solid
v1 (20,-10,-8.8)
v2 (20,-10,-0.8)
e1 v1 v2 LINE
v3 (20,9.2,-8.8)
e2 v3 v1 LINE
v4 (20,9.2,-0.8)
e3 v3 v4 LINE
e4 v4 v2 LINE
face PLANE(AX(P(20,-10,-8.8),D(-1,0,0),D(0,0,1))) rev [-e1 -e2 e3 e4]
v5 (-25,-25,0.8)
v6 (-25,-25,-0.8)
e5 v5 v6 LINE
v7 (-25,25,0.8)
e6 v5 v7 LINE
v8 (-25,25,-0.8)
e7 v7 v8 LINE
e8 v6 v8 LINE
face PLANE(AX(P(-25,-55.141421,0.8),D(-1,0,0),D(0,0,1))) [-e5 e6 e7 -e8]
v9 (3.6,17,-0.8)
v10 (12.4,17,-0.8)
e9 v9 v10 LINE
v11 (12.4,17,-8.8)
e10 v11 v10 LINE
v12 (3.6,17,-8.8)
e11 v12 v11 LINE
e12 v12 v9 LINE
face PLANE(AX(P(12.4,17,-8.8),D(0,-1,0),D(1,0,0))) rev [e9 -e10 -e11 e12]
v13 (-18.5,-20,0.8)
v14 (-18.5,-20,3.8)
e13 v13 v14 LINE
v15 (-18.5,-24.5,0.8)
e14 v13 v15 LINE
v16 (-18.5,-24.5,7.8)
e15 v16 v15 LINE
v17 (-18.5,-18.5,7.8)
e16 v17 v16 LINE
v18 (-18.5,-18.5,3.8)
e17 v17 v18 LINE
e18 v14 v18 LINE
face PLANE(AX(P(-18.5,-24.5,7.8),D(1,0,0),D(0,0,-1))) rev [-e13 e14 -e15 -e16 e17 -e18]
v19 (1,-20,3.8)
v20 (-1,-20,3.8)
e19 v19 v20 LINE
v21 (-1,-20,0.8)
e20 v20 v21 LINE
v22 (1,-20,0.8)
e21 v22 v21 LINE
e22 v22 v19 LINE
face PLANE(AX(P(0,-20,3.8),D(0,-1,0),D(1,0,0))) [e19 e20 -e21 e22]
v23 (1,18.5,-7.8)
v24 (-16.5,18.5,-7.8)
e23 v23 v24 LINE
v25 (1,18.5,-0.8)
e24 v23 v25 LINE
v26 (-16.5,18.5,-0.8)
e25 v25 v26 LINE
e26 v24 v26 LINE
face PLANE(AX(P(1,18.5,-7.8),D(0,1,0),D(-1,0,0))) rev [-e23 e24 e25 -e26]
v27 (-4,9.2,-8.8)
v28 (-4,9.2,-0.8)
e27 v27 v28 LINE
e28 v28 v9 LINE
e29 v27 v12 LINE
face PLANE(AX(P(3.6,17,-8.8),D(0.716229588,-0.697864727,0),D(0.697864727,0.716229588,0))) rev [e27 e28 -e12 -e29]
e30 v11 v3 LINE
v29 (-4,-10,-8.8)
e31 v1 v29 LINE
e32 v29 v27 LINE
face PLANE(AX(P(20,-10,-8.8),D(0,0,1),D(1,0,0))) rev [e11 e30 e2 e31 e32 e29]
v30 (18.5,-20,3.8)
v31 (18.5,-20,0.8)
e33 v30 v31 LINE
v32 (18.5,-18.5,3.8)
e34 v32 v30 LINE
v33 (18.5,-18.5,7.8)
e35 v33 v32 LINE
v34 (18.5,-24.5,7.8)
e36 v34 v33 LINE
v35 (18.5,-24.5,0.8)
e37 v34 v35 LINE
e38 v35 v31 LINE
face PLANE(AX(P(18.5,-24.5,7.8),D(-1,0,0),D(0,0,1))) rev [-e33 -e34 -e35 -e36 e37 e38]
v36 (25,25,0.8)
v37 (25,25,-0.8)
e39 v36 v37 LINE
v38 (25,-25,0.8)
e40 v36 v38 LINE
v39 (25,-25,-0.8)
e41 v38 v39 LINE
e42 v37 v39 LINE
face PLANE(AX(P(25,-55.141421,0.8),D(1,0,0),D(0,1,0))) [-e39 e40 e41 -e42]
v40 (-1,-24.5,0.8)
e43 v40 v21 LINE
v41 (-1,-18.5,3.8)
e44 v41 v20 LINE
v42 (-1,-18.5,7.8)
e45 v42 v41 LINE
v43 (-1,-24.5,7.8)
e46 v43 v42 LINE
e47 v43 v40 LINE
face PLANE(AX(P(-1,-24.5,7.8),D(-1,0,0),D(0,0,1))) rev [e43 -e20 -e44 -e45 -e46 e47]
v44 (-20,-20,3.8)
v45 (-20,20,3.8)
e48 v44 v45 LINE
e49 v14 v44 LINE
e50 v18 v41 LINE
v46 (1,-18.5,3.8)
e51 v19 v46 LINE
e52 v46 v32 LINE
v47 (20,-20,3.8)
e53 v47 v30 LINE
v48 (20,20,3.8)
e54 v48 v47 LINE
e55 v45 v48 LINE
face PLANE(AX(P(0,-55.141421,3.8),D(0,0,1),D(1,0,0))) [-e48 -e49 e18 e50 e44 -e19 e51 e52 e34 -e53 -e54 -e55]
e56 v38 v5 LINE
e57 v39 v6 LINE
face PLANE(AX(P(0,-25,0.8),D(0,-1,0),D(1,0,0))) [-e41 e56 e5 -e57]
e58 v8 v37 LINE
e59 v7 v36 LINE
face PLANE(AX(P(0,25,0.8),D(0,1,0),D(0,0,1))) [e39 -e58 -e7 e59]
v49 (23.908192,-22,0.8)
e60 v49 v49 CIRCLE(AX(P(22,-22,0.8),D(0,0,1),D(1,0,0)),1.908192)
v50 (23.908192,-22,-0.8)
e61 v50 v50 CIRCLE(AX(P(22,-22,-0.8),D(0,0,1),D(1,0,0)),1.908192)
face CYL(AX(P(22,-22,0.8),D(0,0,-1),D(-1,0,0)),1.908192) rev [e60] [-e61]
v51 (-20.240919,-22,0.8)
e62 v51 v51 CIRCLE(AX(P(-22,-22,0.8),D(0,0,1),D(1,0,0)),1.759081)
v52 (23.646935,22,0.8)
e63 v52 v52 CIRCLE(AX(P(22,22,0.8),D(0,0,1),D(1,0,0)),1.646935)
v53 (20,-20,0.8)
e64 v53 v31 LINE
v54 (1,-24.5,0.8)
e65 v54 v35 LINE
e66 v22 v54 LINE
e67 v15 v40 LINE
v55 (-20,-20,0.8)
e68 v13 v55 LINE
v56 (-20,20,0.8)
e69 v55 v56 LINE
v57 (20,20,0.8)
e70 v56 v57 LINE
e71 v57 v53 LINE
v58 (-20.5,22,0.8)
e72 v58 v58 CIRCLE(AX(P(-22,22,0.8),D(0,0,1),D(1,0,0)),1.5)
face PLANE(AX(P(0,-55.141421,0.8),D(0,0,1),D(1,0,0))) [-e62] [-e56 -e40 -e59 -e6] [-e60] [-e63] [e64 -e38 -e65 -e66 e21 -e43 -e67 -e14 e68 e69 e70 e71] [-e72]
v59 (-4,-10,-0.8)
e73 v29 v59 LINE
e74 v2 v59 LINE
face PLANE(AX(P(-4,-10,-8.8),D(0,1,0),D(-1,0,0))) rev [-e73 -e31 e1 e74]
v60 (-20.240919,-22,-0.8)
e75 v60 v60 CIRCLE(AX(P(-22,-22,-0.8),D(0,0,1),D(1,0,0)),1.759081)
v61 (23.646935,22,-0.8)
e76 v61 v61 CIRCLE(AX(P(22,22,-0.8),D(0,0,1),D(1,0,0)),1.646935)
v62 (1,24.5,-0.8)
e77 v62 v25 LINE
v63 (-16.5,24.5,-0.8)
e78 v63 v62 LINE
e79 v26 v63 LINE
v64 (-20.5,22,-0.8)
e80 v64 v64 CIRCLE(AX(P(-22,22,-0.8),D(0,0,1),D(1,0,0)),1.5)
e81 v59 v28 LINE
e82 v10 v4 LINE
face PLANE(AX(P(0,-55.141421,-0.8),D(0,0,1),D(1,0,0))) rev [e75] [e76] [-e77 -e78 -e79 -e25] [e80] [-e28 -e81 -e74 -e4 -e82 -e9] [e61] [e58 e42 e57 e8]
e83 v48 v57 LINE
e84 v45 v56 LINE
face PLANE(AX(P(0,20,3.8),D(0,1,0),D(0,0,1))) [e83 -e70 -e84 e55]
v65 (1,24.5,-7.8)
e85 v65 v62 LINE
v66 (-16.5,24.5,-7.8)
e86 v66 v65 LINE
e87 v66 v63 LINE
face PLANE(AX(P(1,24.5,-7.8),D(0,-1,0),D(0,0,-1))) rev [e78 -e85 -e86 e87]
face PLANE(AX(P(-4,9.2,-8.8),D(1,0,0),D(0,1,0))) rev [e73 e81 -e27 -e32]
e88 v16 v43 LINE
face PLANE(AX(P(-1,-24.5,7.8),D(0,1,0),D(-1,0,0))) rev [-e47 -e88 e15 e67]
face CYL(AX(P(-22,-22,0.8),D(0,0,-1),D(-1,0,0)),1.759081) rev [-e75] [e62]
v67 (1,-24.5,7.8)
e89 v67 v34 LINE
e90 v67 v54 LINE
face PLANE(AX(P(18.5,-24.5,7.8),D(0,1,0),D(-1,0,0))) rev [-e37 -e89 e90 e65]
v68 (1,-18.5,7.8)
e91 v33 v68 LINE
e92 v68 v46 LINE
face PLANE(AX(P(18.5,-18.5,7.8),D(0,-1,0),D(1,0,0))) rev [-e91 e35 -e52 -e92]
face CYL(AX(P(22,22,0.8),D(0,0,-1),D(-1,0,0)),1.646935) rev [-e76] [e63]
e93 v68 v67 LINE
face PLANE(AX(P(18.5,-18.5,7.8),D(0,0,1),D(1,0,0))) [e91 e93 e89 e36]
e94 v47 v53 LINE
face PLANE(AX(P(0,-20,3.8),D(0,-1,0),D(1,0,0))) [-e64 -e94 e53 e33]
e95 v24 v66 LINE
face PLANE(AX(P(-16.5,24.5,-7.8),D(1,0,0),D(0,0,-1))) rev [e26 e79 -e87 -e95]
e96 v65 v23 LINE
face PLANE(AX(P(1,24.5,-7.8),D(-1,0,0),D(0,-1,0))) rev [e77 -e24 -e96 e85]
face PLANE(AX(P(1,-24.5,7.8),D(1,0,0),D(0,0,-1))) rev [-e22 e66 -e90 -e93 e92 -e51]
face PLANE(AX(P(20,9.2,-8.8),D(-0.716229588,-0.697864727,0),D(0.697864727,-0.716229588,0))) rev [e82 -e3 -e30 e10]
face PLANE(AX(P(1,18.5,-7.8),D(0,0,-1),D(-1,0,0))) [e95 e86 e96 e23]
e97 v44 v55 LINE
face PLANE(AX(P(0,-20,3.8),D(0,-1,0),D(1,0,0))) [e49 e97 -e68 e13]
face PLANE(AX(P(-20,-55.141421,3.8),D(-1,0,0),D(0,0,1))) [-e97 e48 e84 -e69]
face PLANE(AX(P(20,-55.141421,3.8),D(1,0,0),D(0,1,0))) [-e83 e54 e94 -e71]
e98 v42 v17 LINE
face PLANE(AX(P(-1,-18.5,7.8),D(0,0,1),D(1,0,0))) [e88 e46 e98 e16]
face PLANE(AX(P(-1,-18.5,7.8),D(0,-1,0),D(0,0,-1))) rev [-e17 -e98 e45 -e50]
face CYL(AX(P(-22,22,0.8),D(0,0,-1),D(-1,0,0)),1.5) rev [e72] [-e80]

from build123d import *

# Parameters (mm, degrees)
SKETCH1_W      = 50
SKETCH1_H      = 50
SKETCH1_R      = 1.5
SKETCH1_R_2    = 1.646935024
SKETCH1_R_3    = 1.908192471
SKETCH1_R_4    = 1.759080553
EXTRUDE2_DEPTH = 0.8
EXTRUDE3_DEPTH = 3
EXTRUDE4_DEPTH = 8
SKETCH4_W      = 17.5
SKETCH4_H      = 6
EXTRUDE6_DEPTH = 7
SKETCH5_W      = 17.5
SKETCH5_H      = 6
EXTRUDE7_DEPTH = 7


with BuildPart() as part:
    # Sketch1 → Extrude2 (new, symmetric)
    with BuildSketch(Plane.XY):
        Rectangle(SKETCH1_W, SKETCH1_H)
        with Locations((-22, 22)):
            Circle(SKETCH1_R, mode=Mode.SUBTRACT)
        with Locations((22, 22)):
            Circle(SKETCH1_R_2, mode=Mode.SUBTRACT)
        with Locations((22, -22)):
            Circle(SKETCH1_R_3, mode=Mode.SUBTRACT)
        with Locations((-22, -22)):
            Circle(SKETCH1_R_4, mode=Mode.SUBTRACT)
    extrude(amount=EXTRUDE2_DEPTH, both=True)

    # Sketch2 → Extrude3 (add)
    with BuildSketch(Plane.XY.offset(0.8)):
        Polygon((-20, 20), (20, -20), (-20, -20), align=None)
        Polygon((-20, 20), (20, 20), (20, -20), align=None)
    extrude(amount=EXTRUDE3_DEPTH)

    # Sketch3 → Extrude4 (add)
    with BuildSketch(Plane(origin=(0, 0, -0.8), x_dir=(-1, 0, 0), z_dir=(0, 0, -1))):
        Polygon((-20, -10), (-20, 9.2), (-12.4, 17), (-3.6, 17), (4, 9.2), (4, -10), align=None)
    extrude(amount=EXTRUDE4_DEPTH)

    # Sketch4 → Extrude6 (add)
    with BuildSketch(Plane.XY.offset(0.8)):
        with Locations((9.75, -21.5)):
            Rectangle(SKETCH4_W, SKETCH4_H)
        with Locations((-9.75, -21.5)):
            Rectangle(SKETCH4_W, SKETCH4_H)
    extrude(amount=EXTRUDE6_DEPTH)

    # Sketch5 → Extrude7 (add)
    with BuildSketch(Plane(origin=(0, 0, -0.8), x_dir=(-1, 0, 0), z_dir=(0, 0, -1))):
        with Locations((7.75, 21.5)):
            Rectangle(SKETCH5_W, SKETCH5_H)
    extrude(amount=EXTRUDE7_DEPTH)


solid = part.part
